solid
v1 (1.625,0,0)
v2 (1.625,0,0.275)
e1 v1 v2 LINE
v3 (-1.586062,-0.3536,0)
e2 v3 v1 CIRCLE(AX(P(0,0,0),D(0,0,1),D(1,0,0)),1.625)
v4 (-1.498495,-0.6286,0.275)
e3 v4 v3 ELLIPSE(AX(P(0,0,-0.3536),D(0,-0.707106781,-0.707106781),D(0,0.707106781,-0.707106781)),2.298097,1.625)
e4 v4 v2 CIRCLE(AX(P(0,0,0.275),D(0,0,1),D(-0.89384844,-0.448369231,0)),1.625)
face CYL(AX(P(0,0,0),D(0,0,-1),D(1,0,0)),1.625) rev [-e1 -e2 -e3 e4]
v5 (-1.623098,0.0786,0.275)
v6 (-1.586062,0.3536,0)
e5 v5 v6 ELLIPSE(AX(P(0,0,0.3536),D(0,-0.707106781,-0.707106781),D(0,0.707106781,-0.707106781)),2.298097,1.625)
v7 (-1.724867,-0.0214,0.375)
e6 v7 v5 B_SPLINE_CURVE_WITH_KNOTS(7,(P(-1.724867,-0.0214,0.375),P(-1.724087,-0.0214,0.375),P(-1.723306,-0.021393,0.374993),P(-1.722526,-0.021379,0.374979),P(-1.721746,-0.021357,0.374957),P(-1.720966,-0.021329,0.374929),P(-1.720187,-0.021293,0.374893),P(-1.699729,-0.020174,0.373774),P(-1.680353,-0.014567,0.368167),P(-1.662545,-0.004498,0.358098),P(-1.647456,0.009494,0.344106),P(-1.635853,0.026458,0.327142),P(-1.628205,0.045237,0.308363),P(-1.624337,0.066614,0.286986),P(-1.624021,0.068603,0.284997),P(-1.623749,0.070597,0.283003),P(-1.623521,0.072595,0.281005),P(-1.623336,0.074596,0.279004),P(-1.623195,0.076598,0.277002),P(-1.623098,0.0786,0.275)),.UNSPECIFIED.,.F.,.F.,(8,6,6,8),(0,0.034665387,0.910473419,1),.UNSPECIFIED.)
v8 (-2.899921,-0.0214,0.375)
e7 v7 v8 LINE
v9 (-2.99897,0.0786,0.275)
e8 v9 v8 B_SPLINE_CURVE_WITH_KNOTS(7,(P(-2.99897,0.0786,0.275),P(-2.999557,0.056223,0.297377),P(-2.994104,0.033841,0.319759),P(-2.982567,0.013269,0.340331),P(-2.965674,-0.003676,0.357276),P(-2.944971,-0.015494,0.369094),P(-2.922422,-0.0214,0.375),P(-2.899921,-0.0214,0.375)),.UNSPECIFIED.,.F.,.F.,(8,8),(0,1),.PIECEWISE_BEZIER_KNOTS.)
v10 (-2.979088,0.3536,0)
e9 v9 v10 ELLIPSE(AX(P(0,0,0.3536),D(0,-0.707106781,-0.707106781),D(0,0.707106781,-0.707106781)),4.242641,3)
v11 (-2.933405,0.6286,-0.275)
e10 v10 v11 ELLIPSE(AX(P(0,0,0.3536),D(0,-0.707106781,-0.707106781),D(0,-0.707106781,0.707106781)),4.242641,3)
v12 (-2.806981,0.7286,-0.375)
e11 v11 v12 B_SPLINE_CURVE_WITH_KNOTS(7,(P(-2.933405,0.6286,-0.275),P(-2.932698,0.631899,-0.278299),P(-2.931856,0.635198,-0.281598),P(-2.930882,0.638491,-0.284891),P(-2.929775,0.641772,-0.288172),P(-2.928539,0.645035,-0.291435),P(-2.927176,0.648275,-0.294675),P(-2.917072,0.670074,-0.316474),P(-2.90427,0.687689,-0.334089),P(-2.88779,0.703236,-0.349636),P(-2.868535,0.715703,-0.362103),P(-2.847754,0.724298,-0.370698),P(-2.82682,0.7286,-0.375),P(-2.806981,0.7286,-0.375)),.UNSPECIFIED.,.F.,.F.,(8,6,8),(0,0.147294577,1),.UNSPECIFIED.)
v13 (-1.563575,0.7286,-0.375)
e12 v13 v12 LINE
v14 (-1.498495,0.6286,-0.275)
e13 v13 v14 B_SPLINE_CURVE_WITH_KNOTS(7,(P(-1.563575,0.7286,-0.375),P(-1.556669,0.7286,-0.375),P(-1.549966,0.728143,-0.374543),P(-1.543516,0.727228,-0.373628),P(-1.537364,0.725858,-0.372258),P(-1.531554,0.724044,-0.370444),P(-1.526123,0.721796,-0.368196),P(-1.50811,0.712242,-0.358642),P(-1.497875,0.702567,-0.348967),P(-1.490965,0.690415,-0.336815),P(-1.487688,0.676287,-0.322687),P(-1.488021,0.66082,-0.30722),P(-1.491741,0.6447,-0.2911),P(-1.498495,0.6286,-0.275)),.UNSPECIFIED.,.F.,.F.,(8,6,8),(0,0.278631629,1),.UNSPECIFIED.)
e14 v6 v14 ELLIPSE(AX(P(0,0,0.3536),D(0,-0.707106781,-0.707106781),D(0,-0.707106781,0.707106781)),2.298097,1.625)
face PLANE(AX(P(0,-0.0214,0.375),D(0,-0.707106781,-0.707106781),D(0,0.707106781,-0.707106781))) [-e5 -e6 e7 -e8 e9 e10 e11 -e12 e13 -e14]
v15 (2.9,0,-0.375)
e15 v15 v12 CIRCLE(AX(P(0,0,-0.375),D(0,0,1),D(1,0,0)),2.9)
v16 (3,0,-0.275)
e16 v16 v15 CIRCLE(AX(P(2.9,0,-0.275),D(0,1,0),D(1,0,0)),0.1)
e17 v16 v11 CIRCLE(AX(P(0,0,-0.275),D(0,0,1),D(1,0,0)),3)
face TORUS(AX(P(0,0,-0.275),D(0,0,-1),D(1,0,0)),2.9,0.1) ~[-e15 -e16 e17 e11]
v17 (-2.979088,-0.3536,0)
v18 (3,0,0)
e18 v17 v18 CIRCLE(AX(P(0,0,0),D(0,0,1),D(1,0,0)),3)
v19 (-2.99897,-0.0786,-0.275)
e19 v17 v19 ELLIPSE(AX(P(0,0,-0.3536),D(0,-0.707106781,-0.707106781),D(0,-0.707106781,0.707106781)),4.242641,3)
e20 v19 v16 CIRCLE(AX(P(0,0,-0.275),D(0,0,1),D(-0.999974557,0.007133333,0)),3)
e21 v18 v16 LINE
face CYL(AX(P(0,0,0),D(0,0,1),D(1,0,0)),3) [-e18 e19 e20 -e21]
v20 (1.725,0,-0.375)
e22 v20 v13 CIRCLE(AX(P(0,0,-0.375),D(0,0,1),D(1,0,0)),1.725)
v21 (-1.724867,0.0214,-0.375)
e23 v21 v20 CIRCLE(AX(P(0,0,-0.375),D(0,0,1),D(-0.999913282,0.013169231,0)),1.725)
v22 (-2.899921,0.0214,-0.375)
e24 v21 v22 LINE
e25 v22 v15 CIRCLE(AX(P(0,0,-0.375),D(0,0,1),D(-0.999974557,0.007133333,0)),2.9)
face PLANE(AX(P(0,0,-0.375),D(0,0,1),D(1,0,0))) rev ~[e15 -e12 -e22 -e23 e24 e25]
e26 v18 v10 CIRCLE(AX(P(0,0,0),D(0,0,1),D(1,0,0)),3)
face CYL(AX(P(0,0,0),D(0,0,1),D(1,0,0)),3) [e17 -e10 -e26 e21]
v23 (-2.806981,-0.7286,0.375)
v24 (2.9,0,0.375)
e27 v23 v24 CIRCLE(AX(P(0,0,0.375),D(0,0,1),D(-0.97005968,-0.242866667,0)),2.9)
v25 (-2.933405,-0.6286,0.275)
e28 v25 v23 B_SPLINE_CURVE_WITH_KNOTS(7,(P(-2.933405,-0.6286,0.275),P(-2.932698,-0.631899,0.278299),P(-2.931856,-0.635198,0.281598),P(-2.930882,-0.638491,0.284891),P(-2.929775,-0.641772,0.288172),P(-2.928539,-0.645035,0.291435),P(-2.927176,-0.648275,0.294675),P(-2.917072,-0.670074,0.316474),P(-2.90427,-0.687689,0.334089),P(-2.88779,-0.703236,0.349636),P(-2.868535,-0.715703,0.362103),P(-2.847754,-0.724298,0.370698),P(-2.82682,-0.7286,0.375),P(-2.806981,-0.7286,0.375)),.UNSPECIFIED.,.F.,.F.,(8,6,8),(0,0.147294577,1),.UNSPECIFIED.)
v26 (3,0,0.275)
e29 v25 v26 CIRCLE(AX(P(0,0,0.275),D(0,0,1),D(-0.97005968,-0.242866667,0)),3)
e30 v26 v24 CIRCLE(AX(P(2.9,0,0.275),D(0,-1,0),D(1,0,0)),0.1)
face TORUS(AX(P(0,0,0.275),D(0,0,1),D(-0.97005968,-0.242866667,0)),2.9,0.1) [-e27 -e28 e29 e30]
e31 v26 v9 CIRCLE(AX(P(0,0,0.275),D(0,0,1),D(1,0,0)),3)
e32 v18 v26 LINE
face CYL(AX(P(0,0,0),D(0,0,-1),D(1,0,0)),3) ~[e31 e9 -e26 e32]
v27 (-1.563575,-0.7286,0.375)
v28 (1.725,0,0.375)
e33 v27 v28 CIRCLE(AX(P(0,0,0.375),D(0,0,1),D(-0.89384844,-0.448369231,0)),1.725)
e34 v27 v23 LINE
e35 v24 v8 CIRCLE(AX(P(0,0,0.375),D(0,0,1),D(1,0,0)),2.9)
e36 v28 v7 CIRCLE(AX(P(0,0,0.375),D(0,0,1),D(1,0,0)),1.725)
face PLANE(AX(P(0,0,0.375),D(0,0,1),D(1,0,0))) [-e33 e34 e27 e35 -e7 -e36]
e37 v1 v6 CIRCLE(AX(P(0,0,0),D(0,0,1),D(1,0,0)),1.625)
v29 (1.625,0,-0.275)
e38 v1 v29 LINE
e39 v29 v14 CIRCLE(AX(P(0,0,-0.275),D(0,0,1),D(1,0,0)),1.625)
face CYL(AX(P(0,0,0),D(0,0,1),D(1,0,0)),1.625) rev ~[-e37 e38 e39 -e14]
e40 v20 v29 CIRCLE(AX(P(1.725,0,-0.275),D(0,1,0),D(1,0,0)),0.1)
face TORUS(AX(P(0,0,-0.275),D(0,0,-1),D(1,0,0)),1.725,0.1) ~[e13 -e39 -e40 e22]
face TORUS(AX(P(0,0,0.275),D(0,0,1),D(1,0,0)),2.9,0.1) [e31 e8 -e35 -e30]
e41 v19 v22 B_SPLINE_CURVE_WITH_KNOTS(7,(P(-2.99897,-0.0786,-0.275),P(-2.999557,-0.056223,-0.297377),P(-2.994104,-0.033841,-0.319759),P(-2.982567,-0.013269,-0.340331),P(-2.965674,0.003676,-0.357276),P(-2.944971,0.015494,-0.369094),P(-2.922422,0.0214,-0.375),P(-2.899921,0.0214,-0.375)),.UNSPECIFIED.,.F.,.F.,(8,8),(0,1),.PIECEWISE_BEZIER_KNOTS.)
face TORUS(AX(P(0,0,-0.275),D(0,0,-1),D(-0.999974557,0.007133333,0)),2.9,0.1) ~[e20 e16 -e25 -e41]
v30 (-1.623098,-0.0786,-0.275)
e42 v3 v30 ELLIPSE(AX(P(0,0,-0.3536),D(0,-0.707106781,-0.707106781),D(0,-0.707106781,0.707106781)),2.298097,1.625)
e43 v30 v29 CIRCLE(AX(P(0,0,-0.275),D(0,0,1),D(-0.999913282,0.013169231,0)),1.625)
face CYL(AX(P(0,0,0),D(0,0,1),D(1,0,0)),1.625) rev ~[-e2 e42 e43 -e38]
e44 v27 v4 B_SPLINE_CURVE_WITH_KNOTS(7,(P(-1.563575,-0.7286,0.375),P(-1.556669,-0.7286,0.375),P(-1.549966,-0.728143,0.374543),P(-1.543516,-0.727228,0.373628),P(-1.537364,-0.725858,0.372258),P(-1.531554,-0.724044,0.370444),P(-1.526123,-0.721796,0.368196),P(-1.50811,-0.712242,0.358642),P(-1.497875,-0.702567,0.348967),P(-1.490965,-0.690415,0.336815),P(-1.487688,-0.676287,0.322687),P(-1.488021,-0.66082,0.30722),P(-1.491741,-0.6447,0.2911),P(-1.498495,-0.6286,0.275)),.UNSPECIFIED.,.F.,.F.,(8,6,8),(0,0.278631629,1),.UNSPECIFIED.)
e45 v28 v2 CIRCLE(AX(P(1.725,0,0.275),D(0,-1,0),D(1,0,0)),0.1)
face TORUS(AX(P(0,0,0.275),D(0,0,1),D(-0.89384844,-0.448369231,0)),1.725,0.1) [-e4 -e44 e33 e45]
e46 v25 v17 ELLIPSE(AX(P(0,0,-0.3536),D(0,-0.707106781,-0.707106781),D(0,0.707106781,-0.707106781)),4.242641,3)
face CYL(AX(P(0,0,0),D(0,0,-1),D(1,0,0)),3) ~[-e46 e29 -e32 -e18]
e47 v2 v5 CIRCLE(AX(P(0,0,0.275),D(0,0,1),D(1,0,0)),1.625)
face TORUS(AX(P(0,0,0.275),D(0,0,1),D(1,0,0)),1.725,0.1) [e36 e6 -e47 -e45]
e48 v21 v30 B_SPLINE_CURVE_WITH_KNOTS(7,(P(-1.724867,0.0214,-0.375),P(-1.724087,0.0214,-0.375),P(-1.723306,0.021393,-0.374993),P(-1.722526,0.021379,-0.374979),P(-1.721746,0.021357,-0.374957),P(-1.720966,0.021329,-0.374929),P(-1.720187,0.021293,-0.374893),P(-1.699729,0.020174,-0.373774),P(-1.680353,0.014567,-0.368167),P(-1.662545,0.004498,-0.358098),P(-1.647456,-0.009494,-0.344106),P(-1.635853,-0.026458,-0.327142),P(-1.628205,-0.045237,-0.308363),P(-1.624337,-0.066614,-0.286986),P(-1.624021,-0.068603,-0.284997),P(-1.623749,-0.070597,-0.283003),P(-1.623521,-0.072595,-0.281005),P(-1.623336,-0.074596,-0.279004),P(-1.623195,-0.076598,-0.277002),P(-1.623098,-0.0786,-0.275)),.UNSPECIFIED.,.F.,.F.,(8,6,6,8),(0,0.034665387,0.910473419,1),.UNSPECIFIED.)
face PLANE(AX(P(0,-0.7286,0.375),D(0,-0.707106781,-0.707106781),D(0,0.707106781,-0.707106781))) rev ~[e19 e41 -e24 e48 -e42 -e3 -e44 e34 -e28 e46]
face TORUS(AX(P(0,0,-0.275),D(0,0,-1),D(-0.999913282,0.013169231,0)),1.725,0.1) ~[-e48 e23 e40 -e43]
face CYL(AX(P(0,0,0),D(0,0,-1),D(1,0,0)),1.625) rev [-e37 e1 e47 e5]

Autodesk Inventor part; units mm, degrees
ref_plane "YZ Plane" through (0, 0, 0) normal (1, 0, 0) x (0, 1, 0)
ref_plane "XZ Plane" through (0, 0, 0) normal (0, 1, 0) x (-1, 0, 0)
ref_plane "XY Plane" through (0, 0, 0) normal (0, 0, 1) x (1, 0, 0)
sketch "Sketch1" plane through (0, 0, 0) normal (0, 0, 1) x (1, 0, 0)
  circle A0 centre (0, 0) radius 3
  circle A1 centre (0, 0) radius 1.625
  dimension "d0" = 6
  dimension "d1" = 3.25
extrude "Extrusion1" add sketch "Sketch1" along normal mid plane 0.75
sketch "Sketch2" plane through (0, 0, 0) normal (1, 0, 0) x (0, 1, 0)
  line L0 (-1.625, 0.375) -> (1.625, 0.375) construction
  line L1 (1.625, -0.375) -> (-1.625, -0.375) construction
  line L2 (0, 0) -> (0, 0.375) construction
  line L3 (0, 0) -> (-0.375, 0.375) construction
  line L4 (-0.7286, 0.375) -> (0.0214, -0.375)
  line L5 (-0.0214, 0.375) -> (0.7286, -0.375)
  line L6 (0.0214, -0.375) -> (0.7286, -0.375)
  line L7 (-0.0214, 0.375) -> (-0.7286, 0.375)
  dimension "d5" = 0.5
  dimension "d9" = 45
extrude "Extrusion2" cut sketch "Sketch2" against normal through all
fillet "Fillet1" radius 0.1 8 edges at (-0.0107, 3, 0.375) (0.367, -2.9775, 0.375) (0.367, 2.9775, -0.375) (-0.0107, -3, -0.375) (0.3743, -1.5813, 0.375) (-0.0107, 1.625, 0.375) (-0.0107, -1.625, -0.375) (0.3743, 1.5813, -0.375)
properties part number "Lock Washer"
